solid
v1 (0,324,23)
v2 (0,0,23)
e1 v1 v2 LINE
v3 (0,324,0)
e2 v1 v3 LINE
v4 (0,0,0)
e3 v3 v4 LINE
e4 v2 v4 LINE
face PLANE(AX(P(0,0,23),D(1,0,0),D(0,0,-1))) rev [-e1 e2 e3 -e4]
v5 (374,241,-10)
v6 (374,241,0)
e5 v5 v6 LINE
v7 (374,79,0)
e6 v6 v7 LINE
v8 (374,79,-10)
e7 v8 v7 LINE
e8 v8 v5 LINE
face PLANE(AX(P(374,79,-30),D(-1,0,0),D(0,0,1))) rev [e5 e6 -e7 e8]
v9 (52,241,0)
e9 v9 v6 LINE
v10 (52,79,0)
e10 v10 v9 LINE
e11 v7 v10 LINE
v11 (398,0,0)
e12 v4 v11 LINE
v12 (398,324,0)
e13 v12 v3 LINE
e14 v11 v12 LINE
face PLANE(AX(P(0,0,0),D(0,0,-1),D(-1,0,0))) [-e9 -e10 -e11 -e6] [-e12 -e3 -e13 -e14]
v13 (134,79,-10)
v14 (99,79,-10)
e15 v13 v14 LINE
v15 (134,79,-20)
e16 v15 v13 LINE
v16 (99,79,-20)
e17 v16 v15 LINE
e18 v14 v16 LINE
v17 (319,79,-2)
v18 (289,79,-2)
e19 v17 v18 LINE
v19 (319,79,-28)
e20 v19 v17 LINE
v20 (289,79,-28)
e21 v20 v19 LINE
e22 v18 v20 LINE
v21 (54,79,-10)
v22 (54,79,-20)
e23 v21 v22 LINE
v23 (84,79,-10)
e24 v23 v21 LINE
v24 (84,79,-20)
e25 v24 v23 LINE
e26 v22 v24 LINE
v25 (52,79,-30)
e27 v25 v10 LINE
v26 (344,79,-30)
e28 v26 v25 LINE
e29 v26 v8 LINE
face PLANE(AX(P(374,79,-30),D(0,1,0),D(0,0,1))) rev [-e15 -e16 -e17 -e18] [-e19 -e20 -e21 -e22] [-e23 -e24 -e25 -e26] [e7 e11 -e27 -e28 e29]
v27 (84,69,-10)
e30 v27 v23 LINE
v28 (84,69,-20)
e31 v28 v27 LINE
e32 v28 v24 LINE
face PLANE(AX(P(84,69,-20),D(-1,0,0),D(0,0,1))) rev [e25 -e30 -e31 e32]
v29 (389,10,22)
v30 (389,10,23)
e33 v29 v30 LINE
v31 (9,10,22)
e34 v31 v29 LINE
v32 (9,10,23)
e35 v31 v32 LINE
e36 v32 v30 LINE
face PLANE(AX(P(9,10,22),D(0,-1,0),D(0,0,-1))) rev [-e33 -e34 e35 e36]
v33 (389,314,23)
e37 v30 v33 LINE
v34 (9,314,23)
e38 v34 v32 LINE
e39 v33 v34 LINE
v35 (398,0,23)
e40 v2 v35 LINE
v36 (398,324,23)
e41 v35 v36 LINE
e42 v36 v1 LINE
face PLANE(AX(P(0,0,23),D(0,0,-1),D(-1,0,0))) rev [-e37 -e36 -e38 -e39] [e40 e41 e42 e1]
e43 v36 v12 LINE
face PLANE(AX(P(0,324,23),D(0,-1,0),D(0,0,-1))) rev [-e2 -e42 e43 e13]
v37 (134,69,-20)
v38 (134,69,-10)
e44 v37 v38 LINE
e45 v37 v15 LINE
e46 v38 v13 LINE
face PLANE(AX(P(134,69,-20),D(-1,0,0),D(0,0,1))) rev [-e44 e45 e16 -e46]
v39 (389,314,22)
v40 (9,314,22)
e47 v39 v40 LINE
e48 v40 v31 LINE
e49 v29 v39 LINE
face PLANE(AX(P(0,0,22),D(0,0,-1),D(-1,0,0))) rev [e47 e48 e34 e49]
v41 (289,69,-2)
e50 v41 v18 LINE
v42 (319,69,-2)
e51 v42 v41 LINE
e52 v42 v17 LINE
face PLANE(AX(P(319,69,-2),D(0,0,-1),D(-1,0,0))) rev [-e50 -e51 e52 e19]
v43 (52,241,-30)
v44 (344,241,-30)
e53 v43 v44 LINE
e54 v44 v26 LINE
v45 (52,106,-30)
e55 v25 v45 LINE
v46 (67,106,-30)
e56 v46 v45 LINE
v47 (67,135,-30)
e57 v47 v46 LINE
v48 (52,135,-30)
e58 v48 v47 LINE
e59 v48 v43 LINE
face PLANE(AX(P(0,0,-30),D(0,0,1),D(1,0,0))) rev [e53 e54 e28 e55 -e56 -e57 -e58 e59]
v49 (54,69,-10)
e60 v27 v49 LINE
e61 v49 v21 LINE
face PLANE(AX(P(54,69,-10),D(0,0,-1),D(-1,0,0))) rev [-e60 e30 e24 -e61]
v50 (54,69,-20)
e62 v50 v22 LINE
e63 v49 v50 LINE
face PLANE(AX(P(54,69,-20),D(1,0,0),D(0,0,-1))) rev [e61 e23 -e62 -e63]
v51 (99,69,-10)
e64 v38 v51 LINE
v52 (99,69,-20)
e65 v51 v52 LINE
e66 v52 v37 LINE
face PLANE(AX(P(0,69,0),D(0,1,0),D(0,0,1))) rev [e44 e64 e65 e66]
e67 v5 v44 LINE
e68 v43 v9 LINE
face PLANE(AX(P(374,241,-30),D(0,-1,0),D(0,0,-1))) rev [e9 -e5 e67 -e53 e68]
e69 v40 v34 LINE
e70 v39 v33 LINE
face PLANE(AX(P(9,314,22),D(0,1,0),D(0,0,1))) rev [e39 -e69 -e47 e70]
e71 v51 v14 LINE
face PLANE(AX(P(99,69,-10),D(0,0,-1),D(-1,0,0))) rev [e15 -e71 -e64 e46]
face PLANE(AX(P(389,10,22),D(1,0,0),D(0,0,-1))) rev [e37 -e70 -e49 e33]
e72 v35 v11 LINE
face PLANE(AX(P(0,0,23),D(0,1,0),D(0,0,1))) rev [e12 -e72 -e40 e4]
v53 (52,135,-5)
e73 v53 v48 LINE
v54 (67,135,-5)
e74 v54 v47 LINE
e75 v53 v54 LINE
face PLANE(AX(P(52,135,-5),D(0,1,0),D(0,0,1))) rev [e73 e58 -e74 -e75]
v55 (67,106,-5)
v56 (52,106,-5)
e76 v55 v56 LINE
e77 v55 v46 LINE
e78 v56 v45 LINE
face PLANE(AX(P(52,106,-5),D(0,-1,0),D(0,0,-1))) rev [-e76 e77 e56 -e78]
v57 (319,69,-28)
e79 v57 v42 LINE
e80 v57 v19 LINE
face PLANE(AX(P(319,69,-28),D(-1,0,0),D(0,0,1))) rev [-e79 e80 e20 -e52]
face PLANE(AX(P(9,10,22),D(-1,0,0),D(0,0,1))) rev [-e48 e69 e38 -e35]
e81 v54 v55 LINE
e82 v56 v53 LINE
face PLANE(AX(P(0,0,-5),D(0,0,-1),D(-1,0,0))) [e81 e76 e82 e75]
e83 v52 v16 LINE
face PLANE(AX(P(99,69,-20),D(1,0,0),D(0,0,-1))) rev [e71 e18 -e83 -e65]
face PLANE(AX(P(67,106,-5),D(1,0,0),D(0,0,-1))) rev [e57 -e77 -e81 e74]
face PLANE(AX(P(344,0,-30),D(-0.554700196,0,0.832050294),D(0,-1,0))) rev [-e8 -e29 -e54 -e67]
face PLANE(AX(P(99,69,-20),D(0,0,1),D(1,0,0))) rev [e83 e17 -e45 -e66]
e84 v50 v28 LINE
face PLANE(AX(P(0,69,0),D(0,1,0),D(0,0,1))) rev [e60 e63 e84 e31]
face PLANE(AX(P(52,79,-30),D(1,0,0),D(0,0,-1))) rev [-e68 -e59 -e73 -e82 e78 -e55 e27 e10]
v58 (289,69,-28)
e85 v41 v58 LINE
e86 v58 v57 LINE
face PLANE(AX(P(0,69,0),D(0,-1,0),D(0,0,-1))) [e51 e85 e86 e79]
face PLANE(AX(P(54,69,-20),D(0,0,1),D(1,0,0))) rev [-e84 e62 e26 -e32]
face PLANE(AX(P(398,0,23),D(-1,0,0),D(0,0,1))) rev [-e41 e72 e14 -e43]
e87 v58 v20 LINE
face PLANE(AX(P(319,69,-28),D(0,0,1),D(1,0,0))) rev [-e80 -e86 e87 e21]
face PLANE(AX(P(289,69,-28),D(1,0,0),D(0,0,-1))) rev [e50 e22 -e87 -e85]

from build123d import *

# Parameters (mm, degrees)
SKETCH1_W           = 398
SKETCH1_H           = 324
BOSS_EXTRUDE1_DEPTH = 23
SKETCH2_W           = 380
SKETCH2_H           = 304
CUT_EXTRUDE1_DEPTH  = 1
SKETCH3_W           = 322
SKETCH3_H           = 162
BOSS_EXTRUDE2_DEPTH = 30
CHAMFER1_SIZE       = 20
CHAMFER1_SIZE2      = 30
SKETCH4_W           = 30
SKETCH4_H           = 10
SKETCH4_W_2         = 35
SKETCH4_H_2         = 26
BOSS_EXTRUDE3_DEPTH = 10
SKETCH5_W           = 15
SKETCH5_H           = 29
CUT_EXTRUDE2_DEPTH  = 25


with BuildPart() as part:
    # Sketch1 → Boss-Extrude1 (new body)
    with BuildSketch(Plane.XY):
        with Locations((199, 162)):
            Rectangle(SKETCH1_W, SKETCH1_H)
    extrude(amount=BOSS_EXTRUDE1_DEPTH)

    # Sketch2 → Cut-Extrude1 (cut)
    with BuildSketch(Plane.XY.offset(23)):
        with Locations((199, 162)):
            Rectangle(SKETCH2_W, SKETCH2_H)
    extrude(amount=-CUT_EXTRUDE1_DEPTH, mode=Mode.SUBTRACT)

    # Sketch3 → Boss-Extrude2 (add)
    with BuildSketch(Plane(origin=(0, 0, 0), x_dir=(-1, 0, 0), z_dir=(0, 0, -1))):
        with Locations((-213, 160)):
            Rectangle(SKETCH3_W, SKETCH3_H)
    extrude(amount=BOSS_EXTRUDE2_DEPTH)

    # Chamfer1
    chamfer1_edges = [part.edges().sort_by_distance(p)[0] for p in [
        (374, 160, -30),
    ]]
    chamfer1_side = [part.faces().sort_by_distance(p)[0] for p in [
        (374, 160, -15),
    ]]
    chamfer(chamfer1_edges, length=CHAMFER1_SIZE, length2=CHAMFER1_SIZE2, reference=chamfer1_side[0])

    # Sketch4 → Boss-Extrude3 (add)
    with BuildSketch(Plane.XZ.offset(-79)):
        with Locations((69, -15)):
            Rectangle(SKETCH4_W, SKETCH4_H)
        with Locations((116.5, -15)):
            Rectangle(SKETCH4_W_2, SKETCH4_H)
        with Locations((304, -15)):
            Rectangle(SKETCH4_W, SKETCH4_H_2)
    extrude(amount=BOSS_EXTRUDE3_DEPTH)

    # Sketch5 → Cut-Extrude2 (cut)
    with BuildSketch(Plane(origin=(0, 0, -30), x_dir=(-1, 0, 0), z_dir=(0, 0, -1))):
        with Locations((-59.5, 120.5)):
            Rectangle(SKETCH5_W, SKETCH5_H)
    extrude(amount=-CUT_EXTRUDE2_DEPTH, mode=Mode.SUBTRACT)


solid = part.part
